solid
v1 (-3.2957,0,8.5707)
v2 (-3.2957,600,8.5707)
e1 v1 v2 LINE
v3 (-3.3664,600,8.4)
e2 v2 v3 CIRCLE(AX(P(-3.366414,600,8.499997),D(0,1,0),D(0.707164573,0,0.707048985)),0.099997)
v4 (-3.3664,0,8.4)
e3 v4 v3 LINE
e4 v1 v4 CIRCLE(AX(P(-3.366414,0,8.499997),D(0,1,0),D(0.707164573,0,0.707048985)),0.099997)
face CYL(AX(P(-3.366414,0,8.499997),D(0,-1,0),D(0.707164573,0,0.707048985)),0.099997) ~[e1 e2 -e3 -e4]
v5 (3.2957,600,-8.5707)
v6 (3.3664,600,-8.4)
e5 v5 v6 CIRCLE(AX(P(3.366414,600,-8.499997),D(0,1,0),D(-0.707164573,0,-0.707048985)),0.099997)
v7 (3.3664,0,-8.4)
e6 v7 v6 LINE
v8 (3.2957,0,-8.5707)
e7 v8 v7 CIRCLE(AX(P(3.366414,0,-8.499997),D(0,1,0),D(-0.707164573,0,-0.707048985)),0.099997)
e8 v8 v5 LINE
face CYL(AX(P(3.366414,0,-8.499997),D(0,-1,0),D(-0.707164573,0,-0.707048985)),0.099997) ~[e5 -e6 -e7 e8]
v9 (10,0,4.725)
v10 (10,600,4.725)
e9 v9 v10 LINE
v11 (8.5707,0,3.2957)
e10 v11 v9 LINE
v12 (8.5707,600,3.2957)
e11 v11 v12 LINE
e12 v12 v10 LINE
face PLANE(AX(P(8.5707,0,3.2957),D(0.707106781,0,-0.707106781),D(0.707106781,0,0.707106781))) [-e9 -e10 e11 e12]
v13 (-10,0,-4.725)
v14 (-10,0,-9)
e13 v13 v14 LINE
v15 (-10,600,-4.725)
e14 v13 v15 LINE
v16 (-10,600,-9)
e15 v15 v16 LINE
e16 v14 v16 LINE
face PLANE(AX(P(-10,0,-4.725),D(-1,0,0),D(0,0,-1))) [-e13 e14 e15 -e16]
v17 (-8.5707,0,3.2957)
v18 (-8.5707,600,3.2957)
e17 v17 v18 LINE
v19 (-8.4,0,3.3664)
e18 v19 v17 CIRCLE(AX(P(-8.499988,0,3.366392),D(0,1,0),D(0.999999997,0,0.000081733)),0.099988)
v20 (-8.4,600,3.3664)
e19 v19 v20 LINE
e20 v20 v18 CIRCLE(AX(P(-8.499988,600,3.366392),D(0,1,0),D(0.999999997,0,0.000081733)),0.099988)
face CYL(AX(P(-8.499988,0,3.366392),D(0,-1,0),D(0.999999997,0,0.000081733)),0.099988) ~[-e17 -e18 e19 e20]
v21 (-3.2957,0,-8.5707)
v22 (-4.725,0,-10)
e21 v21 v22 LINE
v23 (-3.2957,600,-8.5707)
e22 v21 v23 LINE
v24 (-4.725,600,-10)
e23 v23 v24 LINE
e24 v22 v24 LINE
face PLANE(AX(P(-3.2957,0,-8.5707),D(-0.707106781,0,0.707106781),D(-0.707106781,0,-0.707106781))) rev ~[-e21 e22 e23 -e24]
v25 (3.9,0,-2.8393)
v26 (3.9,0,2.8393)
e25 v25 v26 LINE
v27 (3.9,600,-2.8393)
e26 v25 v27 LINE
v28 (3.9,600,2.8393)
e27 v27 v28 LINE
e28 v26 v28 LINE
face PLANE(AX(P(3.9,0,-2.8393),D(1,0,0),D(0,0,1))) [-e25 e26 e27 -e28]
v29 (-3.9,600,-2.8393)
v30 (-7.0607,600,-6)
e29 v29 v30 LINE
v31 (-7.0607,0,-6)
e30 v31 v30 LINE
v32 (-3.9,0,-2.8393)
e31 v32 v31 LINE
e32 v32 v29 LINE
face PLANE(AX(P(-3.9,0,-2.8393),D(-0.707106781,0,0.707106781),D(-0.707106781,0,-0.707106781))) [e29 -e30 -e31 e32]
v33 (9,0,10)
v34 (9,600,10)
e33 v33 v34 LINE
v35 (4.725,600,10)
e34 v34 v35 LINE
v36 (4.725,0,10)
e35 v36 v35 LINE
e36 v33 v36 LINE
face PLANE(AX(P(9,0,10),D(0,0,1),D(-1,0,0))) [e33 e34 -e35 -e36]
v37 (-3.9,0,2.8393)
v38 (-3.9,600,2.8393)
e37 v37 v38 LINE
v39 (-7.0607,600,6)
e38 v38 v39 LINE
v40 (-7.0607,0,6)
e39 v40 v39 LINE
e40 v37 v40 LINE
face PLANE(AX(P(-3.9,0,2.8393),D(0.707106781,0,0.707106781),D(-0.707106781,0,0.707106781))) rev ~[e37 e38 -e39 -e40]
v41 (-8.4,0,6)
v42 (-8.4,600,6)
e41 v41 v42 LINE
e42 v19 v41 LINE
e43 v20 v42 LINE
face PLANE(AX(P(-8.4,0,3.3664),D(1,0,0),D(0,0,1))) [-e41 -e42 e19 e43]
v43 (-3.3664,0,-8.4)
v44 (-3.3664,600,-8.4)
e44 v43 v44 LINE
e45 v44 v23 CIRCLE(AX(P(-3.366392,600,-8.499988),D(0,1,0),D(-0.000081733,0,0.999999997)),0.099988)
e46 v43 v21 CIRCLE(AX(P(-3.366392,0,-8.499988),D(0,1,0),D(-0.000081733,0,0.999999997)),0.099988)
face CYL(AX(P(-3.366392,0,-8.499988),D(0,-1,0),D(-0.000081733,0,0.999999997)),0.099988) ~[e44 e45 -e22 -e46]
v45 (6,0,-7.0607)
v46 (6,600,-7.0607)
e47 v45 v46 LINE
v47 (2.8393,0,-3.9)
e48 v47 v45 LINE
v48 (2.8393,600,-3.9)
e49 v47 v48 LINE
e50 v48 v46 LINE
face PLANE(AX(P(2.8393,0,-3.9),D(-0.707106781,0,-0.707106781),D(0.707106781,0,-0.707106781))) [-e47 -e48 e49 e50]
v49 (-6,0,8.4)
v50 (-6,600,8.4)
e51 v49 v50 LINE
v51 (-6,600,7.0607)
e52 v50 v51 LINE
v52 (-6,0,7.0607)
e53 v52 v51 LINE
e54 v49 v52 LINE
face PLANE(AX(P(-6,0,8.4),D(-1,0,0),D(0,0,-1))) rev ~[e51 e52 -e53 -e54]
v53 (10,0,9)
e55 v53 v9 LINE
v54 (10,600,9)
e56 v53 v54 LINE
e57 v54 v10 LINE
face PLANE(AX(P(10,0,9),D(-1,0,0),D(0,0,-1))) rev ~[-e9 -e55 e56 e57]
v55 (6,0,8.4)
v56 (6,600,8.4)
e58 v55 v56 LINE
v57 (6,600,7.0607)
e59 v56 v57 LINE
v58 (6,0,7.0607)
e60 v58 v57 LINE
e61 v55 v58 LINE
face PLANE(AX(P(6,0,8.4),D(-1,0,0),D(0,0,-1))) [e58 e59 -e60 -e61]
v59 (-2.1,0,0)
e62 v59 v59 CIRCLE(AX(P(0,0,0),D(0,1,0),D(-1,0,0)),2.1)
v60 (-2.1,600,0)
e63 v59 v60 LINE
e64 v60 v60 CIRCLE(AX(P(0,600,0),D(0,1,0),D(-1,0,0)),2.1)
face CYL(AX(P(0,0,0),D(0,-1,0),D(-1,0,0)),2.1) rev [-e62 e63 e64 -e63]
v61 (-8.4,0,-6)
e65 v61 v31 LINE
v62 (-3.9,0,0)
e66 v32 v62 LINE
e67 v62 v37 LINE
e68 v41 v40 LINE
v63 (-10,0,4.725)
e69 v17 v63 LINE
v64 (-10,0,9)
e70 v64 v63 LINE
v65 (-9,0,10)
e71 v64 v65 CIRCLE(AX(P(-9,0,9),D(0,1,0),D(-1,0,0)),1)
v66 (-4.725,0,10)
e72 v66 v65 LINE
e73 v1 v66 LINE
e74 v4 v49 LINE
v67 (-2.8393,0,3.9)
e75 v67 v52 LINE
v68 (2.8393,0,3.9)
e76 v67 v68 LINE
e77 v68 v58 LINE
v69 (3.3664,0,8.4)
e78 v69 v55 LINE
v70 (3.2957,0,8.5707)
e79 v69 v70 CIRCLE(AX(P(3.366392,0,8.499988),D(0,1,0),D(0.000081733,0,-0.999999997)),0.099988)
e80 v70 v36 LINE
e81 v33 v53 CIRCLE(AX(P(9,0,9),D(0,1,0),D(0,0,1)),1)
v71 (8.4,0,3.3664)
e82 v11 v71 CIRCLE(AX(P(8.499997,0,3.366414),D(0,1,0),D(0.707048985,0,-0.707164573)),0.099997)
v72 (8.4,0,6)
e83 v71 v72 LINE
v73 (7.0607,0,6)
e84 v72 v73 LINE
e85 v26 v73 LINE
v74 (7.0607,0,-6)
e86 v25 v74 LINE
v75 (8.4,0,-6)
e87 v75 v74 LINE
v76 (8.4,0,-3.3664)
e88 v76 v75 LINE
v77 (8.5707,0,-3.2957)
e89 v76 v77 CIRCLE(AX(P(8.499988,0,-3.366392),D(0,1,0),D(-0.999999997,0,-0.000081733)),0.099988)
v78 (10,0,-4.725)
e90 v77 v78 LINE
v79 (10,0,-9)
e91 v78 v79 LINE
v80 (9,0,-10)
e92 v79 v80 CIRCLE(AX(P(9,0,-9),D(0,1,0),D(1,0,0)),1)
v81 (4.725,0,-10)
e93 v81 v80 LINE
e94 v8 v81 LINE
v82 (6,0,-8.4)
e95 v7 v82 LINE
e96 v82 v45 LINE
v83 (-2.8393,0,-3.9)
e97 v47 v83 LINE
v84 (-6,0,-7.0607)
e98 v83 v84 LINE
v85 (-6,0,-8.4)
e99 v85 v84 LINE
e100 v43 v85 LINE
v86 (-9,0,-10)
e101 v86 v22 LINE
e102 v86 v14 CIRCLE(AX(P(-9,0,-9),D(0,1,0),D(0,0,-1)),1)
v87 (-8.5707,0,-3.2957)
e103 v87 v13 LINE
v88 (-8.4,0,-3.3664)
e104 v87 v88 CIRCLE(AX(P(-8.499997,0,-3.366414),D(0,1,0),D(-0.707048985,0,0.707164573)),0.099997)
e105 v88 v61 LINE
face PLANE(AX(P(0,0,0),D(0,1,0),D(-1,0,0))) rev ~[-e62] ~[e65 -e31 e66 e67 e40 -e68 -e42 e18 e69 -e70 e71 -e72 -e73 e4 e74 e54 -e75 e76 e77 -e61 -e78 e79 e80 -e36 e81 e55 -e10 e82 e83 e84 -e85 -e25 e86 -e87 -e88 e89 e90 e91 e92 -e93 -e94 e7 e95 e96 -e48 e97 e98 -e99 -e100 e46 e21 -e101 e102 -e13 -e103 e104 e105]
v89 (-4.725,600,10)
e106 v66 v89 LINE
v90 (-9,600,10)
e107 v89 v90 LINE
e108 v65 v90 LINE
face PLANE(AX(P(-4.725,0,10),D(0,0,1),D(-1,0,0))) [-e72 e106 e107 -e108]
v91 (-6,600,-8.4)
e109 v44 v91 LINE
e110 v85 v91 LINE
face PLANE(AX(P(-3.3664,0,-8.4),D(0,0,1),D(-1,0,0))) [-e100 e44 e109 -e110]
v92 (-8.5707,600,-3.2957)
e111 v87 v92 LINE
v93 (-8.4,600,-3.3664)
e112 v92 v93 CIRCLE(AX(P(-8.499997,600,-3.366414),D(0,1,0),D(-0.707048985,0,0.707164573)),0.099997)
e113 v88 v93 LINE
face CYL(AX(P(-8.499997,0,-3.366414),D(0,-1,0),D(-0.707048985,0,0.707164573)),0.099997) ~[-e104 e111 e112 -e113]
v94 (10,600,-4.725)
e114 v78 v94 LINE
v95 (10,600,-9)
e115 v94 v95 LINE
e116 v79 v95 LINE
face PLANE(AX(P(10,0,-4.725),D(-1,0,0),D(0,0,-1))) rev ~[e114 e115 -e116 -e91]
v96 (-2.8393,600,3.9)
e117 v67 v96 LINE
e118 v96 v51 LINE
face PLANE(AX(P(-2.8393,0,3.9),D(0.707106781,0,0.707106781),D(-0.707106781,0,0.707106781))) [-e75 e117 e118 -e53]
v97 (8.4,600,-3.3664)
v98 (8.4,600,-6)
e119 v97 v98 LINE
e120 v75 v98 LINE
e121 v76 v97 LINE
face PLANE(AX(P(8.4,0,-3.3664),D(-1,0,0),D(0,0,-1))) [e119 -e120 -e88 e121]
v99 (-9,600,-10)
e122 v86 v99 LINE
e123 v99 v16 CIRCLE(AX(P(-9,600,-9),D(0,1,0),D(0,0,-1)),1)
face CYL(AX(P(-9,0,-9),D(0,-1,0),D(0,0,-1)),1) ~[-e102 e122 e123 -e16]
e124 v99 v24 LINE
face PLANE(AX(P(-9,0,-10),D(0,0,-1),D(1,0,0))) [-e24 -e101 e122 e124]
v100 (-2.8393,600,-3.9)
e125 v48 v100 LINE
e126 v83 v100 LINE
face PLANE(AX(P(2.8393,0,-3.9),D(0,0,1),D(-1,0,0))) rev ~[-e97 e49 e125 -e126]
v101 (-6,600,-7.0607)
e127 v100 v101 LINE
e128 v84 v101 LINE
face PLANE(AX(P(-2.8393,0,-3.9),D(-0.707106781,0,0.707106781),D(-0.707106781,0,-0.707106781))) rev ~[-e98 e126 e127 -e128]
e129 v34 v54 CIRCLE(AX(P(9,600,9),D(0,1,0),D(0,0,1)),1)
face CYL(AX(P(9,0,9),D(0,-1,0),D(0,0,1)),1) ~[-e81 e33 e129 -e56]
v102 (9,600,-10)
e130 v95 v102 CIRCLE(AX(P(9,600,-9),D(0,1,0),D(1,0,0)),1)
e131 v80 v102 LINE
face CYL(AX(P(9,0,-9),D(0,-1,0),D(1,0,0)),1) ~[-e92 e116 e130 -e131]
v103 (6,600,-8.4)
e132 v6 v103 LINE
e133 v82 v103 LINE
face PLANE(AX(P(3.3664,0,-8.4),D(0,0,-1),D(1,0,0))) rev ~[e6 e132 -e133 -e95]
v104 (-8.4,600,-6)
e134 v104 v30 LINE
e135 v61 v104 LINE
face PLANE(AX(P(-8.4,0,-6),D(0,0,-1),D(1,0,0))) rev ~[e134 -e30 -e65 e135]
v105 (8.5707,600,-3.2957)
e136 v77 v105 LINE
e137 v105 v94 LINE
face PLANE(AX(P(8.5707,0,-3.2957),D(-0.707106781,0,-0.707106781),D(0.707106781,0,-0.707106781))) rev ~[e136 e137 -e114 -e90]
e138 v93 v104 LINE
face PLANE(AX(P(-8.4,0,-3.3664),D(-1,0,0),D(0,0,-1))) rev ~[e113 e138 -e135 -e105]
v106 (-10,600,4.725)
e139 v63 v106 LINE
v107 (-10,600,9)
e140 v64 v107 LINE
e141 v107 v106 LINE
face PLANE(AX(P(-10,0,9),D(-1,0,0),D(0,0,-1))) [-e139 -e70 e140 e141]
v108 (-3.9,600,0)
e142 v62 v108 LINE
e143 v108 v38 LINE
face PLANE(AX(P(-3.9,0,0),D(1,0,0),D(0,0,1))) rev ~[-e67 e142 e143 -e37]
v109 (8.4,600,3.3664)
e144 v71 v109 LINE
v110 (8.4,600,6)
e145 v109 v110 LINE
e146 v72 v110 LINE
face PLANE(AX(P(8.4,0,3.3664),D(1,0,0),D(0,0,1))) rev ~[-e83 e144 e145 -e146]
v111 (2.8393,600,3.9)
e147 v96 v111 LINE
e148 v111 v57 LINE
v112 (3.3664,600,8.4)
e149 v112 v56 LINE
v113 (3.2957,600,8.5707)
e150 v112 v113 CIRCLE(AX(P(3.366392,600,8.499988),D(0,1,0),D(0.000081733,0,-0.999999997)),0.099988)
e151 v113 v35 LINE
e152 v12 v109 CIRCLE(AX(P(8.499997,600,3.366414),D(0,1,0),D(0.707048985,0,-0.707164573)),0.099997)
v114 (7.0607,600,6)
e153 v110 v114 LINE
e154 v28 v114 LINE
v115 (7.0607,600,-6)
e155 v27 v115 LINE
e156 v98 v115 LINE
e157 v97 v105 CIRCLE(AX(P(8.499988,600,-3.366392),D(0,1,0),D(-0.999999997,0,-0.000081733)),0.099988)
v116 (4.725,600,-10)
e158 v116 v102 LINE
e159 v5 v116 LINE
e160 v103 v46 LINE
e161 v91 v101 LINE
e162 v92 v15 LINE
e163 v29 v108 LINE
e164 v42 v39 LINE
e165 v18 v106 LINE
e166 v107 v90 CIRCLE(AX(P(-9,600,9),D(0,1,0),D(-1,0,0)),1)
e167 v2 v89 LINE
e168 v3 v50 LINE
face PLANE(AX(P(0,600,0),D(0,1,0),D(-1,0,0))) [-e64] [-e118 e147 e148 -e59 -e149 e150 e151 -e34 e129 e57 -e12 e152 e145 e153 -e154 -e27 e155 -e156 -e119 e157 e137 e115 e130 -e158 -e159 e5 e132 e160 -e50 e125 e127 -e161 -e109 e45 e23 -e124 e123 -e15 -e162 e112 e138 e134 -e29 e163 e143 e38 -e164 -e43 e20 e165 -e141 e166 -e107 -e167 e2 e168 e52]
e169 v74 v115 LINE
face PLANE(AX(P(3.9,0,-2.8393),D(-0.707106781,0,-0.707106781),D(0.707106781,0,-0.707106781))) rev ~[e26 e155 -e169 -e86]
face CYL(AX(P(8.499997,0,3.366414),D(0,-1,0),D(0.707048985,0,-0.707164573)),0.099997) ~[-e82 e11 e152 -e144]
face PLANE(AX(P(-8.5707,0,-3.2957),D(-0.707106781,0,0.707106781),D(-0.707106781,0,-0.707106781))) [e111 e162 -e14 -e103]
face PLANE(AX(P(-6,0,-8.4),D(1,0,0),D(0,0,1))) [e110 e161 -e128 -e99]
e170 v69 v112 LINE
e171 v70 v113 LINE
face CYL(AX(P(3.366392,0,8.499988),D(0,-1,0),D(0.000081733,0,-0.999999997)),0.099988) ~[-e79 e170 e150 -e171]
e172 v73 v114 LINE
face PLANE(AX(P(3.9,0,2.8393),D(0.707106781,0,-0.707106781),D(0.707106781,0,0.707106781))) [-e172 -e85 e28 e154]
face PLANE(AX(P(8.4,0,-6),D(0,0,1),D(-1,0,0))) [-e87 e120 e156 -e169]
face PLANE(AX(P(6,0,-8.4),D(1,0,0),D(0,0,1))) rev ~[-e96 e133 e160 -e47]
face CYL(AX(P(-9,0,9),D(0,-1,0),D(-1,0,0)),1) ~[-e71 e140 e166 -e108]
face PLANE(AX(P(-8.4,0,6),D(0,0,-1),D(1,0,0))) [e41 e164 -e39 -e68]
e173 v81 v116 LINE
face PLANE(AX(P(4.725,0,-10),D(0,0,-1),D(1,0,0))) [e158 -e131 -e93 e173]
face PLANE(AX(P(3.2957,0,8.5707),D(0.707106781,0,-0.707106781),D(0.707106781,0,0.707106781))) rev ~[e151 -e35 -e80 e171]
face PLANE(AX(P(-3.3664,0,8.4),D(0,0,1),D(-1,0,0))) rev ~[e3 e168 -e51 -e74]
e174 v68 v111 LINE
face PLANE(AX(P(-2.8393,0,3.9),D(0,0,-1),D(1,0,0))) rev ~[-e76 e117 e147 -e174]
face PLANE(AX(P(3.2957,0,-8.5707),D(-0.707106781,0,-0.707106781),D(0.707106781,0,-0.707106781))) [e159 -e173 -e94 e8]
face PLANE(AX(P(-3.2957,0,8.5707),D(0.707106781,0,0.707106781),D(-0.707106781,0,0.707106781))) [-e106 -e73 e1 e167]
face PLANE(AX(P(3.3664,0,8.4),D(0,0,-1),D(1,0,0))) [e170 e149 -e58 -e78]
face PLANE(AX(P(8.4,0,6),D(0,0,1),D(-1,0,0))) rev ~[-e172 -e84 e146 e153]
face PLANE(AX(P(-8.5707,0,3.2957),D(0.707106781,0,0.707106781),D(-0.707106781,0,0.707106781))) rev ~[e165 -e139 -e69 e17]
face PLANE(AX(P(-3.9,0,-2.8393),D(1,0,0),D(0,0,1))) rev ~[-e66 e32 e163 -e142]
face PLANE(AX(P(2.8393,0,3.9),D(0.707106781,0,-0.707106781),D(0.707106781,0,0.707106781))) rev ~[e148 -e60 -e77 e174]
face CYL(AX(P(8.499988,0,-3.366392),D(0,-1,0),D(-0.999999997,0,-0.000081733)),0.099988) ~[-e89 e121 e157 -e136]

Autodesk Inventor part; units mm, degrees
ref_plane "YZ Plane" through (0, 0, 0) normal (1, 0, 0) x (0, 1, 0)
ref_plane "XZ Plane" through (0, 0, 0) normal (0, 1, 0) x (-1, 0, 0)
ref_plane "XY Plane" through (0, 0, 0) normal (0, 0, 1) x (1, 0, 0)
sketch "Sketch1" plane through (0, 0, 0) normal (0, 1, 0) x (-1, 0, 0)
  line L0 (3.9, -2.8393) -> (3.9, 2.8393)
  line L1 (2.8393, 3.9) -> (-2.8393, 3.9)
  line L2 (-2.8393, -3.9) -> (2.8393, -3.9)
  line L3 (8.5707, 3.2957) -> (10, 4.725)
  line L4 (8.5707, -3.2957) -> (10, -4.725)
  line L5 (8.4, 3.3664) -> (8.4, 6)
  line L6 (8.4, 6) -> (7.0607, 6)
  line L7 (10, 9) -> (10, 4.725)
  line L8 (10, -4.725) -> (10, -9)
  line L9 (3.9, 2.8393) -> (7.0607, 6)
  line L10 (3.2957, 8.5707) -> (4.725, 10)
  line L11 (3.3664, 8.4) -> (6, 8.4)
  line L12 (6, 8.4) -> (6, 7.0607)
  line L13 (2.8393, 3.9) -> (6, 7.0607)
  line L14 (3.9, 0) -> (8.4, 0)
  line L15 (8.4, -3.3664) -> (8.4, -6)
  line L16 (8.4, -6) -> (7.0607, -6)
  line L17 (3.9, -2.8393) -> (7.0607, -6)
  line L18 (3.2957, -8.5707) -> (4.725, -10)
  line L19 (3.3664, -8.4) -> (6, -8.4)
  line L20 (6, -8.4) -> (6, -7.0607)
  line L21 (2.8393, -3.9) -> (6, -7.0607)
  line L22 (-3.9, -2.8393) -> (-3.9, 2.8393)
  line L23 (-8.5707, 3.2957) -> (-10, 4.725)
  line L24 (-8.5707, -3.2957) -> (-10, -4.725)
  line L25 (-8.4, 3.3664) -> (-8.4, 6)
  line L26 (-8.4, 6) -> (-7.0607, 6)
  line L27 (-10, 9) -> (-10, 4.725)
  line L28 (-10, -4.725) -> (-10, -9)
  line L29 (-3.9, 2.8393) -> (-7.0607, 6)
  line L30 (-3.2957, 8.5707) -> (-4.725, 10)
  line L31 (-3.3664, 8.4) -> (-6, 8.4)
  line L32 (-6, 8.4) -> (-6, 7.0607)
  line L33 (-2.8393, 3.9) -> (-6, 7.0607)
  line L34 (-3.9, -2.8393) -> (-7.0607, -6)
  line L35 (-8.4, -6) -> (-7.0607, -6)
  line L36 (-8.4, -3.3664) -> (-8.4, -6)
  line L37 (-2.8393, -3.9) -> (-6, -7.0607)
  line L38 (-6, -8.4) -> (-6, -7.0607)
  line L39 (-3.3664, -8.4) -> (-6, -8.4)
  line L40 (-3.2957, -8.5707) -> (-4.725, -10)
  line L41 (-9, 10) -> (-4.725, 10)
  line L42 (4.725, 10) -> (9, 10)
  line L43 (9, -10) -> (4.725, -10)
  line L44 (-4.725, -10) -> (-9, -10)
  circle A0 centre (0, 0) radius 2.1
  arc A1 (10, 9) -> (9, 10) centre (9, 9) ccw
  arc A2 (9, -10) -> (10, -9) centre (9, -9) ccw
  arc A3 (-10, -9) -> (-9, -10) centre (-9, -9) ccw
  arc A4 (-9, 10) -> (-10, 9) centre (-9, 9) ccw
  arc A5 (8.4, 3.3664) -> (8.5707, 3.2957) centre (8.5, 3.3664) ccw
  arc A6 (3.2957, 8.5707) -> (3.3664, 8.4) centre (3.3664, 8.5) ccw
  arc A7 (8.5707, -3.2957) -> (8.4, -3.3664) centre (8.5, -3.3664) ccw
  arc A8 (3.3664, -8.4) -> (3.2957, -8.5707) centre (3.3664, -8.5) ccw
  arc A9 (-3.2957, -8.5707) -> (-3.3664, -8.4) centre (-3.3664, -8.5) ccw
  arc A10 (-8.4, -3.3664) -> (-8.5707, -3.2957) centre (-8.5, -3.3664) ccw
  arc A11 (-8.5707, 3.2957) -> (-8.4, 3.3664) centre (-8.5, 3.3664) ccw
  arc A12 (-3.3664, 8.4) -> (-3.2957, 8.5707) centre (-3.3664, 8.5) ccw
  dimension "d11" = 1
extrude "Extrusion1" add sketch "Sketch1" along normal blind 600
properties part number "VSLOT20x20x600"
